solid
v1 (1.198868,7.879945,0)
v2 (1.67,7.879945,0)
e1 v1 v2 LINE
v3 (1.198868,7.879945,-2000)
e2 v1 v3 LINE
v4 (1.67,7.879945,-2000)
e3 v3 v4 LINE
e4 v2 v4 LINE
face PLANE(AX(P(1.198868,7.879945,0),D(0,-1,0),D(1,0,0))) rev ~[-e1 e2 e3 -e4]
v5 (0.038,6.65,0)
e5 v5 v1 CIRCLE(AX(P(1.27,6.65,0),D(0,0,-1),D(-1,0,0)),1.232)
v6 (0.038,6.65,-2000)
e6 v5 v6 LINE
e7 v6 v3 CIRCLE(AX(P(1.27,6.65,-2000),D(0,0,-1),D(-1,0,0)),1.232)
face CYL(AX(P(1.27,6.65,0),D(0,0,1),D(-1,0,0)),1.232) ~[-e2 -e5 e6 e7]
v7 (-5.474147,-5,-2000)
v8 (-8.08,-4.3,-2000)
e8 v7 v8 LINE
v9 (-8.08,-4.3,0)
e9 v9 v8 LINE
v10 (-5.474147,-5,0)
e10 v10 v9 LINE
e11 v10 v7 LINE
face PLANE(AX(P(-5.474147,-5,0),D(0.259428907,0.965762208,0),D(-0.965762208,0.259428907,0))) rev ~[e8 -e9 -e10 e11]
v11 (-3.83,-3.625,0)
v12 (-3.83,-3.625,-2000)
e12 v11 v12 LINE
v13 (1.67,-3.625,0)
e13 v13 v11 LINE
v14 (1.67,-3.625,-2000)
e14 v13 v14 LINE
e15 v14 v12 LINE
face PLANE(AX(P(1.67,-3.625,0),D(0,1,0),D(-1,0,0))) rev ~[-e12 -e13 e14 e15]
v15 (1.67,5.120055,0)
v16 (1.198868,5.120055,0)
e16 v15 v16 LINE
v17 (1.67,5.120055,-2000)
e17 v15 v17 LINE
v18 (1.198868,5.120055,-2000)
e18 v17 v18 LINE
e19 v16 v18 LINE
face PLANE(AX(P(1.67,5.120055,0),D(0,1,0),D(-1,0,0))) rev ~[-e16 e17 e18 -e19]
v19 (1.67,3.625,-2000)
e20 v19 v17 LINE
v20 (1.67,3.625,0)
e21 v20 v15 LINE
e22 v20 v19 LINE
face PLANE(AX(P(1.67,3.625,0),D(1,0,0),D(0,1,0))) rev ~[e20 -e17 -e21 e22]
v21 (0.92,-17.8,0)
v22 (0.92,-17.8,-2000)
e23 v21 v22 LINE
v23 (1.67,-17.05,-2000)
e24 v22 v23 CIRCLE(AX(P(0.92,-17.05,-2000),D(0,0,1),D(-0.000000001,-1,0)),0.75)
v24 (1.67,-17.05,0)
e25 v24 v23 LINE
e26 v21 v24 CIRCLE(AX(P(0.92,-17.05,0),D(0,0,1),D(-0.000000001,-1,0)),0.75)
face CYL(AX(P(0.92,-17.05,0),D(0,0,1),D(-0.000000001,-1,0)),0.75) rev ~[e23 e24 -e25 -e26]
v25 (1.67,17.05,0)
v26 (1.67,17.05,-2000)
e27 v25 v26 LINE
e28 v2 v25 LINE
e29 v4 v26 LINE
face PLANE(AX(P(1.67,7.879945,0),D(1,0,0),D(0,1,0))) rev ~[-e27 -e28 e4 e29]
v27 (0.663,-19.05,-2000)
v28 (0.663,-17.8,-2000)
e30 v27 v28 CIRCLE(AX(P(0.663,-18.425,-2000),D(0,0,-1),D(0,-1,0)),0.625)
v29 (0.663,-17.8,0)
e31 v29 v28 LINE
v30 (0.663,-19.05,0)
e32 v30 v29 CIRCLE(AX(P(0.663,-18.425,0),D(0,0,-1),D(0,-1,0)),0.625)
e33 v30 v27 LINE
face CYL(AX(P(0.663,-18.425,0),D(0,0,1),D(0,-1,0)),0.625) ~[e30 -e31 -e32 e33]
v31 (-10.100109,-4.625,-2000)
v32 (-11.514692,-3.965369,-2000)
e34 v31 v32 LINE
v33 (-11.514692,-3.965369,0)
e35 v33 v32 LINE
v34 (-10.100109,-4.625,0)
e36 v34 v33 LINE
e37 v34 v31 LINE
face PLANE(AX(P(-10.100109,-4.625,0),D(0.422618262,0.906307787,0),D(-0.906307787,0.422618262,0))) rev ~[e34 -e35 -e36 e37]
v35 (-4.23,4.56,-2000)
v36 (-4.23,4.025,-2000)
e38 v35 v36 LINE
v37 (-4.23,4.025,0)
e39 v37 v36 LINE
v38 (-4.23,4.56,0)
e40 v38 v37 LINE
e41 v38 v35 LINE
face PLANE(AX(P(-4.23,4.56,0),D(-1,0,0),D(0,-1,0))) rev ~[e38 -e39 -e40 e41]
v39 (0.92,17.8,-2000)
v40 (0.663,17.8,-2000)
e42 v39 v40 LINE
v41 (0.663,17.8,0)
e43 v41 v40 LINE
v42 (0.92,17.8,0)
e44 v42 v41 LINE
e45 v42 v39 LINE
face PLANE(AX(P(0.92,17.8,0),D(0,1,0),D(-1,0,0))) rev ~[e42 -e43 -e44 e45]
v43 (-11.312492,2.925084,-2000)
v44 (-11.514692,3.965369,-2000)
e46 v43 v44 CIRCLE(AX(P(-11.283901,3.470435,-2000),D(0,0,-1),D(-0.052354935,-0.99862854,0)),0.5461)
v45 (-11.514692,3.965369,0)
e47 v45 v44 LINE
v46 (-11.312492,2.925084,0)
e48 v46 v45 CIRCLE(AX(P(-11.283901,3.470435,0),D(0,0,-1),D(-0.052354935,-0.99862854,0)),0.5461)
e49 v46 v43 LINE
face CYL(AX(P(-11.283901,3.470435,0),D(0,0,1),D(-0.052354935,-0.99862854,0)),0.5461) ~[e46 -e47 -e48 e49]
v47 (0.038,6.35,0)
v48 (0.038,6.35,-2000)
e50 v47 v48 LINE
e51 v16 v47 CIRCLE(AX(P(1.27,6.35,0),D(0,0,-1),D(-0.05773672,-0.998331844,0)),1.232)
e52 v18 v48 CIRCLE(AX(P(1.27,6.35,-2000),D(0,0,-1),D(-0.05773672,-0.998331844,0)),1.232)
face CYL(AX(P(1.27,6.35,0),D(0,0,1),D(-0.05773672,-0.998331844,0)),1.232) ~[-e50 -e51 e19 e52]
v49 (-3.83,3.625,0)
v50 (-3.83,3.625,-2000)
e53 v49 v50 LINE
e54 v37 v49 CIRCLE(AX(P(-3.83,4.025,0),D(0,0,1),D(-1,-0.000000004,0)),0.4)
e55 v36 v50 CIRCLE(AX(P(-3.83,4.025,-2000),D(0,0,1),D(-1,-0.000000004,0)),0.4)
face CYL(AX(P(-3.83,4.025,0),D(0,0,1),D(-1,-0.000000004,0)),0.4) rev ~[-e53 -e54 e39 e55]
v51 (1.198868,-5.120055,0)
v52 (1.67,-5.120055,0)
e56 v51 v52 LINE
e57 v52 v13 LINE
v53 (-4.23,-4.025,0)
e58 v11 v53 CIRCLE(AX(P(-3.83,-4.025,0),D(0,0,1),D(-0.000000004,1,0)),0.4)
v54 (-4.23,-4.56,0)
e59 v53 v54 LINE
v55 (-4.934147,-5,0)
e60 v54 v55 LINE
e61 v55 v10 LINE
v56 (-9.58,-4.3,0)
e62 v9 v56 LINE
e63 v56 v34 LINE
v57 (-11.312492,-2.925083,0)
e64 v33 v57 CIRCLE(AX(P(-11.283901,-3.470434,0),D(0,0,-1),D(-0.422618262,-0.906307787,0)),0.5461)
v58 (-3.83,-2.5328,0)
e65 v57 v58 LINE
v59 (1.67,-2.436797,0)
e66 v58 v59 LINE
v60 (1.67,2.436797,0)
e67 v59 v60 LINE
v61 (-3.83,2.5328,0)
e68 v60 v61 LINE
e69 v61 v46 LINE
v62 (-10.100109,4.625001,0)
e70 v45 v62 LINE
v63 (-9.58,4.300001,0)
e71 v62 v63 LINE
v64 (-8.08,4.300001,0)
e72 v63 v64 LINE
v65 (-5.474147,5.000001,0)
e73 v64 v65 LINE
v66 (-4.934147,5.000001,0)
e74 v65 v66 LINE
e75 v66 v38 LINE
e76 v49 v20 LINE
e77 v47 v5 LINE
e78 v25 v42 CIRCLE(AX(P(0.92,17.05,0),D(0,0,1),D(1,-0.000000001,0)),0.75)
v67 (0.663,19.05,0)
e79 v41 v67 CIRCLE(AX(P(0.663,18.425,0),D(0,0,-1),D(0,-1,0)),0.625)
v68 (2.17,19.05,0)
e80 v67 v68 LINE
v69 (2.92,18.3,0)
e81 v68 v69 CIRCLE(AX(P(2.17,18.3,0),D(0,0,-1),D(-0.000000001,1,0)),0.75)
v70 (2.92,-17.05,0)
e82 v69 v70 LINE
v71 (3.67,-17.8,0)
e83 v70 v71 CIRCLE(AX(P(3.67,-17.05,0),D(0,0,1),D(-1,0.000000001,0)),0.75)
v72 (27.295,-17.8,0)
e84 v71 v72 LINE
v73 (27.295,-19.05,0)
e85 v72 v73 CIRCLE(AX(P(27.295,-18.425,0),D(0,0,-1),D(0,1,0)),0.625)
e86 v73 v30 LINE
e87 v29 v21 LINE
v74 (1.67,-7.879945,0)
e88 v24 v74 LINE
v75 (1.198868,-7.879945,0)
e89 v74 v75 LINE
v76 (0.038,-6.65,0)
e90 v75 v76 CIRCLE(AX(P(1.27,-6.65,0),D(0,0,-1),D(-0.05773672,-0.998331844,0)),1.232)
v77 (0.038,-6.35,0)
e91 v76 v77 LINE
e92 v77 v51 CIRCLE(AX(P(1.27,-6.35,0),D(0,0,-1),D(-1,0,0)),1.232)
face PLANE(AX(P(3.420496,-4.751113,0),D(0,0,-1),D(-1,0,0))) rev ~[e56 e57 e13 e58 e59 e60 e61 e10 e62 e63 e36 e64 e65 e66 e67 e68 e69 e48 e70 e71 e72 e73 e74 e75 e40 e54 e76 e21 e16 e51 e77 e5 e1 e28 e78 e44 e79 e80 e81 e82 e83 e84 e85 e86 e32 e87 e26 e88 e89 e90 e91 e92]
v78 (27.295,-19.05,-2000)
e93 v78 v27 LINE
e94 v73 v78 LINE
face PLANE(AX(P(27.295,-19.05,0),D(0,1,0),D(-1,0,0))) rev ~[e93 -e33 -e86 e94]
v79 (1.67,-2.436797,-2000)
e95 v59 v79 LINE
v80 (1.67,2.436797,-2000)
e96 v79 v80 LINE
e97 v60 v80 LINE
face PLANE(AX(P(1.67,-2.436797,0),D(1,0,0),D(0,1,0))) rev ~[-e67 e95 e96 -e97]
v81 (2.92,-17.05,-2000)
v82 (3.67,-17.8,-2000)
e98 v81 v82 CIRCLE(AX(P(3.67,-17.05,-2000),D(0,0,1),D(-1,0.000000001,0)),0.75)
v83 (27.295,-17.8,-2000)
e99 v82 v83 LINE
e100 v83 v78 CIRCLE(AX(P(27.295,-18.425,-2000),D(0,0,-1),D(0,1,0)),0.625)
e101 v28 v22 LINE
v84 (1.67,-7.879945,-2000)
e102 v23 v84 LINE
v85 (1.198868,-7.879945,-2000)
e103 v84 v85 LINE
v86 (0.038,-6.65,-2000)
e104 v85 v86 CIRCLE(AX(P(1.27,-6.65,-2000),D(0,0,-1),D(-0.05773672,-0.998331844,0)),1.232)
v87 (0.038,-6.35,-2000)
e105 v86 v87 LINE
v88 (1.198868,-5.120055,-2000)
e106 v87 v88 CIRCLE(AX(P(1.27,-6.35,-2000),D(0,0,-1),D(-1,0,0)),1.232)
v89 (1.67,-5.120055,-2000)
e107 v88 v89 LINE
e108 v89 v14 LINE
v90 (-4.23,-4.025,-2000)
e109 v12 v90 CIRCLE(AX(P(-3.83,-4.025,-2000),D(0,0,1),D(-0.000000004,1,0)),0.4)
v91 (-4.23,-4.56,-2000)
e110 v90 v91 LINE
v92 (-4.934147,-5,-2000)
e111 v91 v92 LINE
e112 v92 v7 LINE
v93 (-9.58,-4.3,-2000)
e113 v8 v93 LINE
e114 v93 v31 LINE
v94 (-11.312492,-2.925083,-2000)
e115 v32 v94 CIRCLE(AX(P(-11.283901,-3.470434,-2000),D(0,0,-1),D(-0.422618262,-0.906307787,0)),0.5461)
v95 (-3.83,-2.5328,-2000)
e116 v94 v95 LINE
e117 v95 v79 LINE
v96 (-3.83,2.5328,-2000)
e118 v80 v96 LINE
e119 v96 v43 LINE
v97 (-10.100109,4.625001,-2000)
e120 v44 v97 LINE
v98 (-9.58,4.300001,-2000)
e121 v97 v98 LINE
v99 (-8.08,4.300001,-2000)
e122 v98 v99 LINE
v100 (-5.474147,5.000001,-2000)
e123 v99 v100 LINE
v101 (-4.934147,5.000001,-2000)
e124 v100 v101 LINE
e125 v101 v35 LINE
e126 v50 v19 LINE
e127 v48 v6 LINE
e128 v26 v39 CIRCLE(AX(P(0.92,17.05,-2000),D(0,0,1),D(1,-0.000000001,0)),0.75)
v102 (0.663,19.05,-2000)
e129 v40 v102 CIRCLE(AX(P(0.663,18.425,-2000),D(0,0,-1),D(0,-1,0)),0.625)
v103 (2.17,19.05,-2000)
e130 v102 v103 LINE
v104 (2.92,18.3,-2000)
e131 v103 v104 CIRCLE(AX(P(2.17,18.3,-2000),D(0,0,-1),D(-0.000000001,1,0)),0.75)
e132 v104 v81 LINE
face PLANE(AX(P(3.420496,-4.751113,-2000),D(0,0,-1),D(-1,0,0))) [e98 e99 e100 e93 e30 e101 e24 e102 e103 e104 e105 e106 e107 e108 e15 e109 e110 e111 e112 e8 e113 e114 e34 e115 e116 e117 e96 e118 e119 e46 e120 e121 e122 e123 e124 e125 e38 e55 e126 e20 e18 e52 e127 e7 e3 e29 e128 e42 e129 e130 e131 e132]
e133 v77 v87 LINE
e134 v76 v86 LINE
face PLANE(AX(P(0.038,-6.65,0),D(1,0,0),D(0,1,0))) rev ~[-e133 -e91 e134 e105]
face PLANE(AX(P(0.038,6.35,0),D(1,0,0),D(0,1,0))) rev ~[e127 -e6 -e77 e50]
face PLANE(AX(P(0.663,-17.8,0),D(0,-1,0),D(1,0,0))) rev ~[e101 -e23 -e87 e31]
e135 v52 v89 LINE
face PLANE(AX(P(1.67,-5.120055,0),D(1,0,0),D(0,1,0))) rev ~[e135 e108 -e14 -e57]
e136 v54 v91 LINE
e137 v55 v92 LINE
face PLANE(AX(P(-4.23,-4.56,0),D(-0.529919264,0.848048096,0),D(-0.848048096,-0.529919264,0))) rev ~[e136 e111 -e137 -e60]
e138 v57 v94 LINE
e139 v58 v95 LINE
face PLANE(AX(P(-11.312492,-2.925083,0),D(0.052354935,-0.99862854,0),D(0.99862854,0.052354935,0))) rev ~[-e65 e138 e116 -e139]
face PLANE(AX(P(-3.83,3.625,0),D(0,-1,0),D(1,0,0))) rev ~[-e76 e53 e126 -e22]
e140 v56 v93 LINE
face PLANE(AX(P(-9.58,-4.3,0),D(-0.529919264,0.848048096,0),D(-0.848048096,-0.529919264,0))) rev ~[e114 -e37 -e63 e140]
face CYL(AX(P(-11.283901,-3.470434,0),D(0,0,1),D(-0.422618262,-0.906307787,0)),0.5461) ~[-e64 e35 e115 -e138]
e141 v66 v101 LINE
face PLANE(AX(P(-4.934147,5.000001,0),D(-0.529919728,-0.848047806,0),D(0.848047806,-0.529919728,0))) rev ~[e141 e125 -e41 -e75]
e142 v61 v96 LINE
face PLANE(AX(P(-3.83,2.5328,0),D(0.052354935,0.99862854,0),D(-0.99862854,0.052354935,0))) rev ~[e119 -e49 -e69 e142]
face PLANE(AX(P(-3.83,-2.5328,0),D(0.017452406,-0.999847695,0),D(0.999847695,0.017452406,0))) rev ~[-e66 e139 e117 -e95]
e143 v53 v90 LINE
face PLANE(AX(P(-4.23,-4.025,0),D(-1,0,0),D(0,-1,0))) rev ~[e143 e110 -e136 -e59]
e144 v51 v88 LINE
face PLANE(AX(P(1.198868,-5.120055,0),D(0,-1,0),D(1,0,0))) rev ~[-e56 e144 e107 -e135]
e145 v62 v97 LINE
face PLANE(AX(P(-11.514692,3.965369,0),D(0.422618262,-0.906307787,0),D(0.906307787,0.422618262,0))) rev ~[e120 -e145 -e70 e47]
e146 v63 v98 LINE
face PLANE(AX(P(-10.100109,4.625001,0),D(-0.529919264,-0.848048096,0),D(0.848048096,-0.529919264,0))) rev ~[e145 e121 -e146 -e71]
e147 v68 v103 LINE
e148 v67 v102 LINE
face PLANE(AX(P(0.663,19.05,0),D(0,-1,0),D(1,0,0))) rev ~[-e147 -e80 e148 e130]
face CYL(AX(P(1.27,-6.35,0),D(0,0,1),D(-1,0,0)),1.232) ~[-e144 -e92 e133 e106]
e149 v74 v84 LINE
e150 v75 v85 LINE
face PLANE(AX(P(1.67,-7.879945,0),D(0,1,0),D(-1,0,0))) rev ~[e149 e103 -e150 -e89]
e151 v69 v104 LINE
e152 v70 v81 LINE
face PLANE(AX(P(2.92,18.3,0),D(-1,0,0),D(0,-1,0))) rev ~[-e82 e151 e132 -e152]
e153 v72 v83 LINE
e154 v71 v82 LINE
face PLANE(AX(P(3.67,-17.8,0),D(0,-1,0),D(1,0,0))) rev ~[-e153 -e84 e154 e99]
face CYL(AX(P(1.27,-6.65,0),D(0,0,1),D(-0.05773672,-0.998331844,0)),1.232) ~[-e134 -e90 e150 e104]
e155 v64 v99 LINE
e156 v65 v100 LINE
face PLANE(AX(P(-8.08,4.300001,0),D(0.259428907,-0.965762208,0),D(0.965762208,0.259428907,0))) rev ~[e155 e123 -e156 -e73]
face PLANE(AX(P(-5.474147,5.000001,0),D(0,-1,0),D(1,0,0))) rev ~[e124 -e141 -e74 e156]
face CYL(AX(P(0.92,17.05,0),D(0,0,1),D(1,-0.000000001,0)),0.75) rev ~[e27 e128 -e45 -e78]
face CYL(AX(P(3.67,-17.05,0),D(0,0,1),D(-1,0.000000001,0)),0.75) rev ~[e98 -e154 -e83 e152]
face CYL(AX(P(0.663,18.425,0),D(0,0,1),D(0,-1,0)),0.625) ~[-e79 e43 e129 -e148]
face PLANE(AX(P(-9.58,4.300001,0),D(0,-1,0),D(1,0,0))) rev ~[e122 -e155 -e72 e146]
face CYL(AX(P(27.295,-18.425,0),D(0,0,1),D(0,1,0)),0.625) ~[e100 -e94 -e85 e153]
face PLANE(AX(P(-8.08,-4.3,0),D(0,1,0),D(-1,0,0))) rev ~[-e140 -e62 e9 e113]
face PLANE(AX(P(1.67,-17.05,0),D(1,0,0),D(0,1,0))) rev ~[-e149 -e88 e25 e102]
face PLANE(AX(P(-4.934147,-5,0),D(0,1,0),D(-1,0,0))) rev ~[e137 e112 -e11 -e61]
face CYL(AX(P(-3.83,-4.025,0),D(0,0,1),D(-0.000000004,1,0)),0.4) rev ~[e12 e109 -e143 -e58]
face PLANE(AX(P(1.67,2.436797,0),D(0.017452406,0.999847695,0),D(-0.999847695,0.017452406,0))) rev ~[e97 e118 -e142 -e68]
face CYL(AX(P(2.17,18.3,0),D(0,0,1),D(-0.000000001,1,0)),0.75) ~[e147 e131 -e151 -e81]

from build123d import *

# Parameters (mm, degrees)
MAIN_EXTRUSION_DEPTH = 2000


with BuildPart() as part:
    # Sk Main Extrusion → Main Extrusion (new body)
    with BuildSketch(Plane.XY):
        with BuildLine():
            Line((-3.829999995, 2.532800268), (-11.312491547, 2.92508363))
            ThreePointArc((-11.312491547, 2.92508363), (-11.819968112, 3.366238977), (-11.514692349, 3.965369358))
            Line((-11.514692349, 3.965369358), (-10.100108722, 4.625000536))
            Line((-10.100108722, 4.625000536), (-9.58, 4.300000536))
            Line((-9.58, 4.300000536), (-8.08, 4.300000536))
            Line((-8.08, 4.300000536), (-5.474147193, 5.000000536))
            Line((-5.474147193, 5.000000536), (-4.934147193, 5.000000536))
            Line((-4.934147193, 5.000000536), (-4.23, 4.56))
            Line((-4.23, 4.56), (-4.23, 4.025000268))
            ThreePointArc((-4.23, 4.025000268), (-4.112842712, 3.742157556), (-3.83, 3.625000268))
            Line((-3.83, 3.625000268), (1.67, 3.625000268))
            Line((1.67, 3.625000268), (1.67, 5.120055436))
            Line((1.67, 5.120055436), (1.19886836, 5.120055436))
            ThreePointArc((1.19886836, 5.120055436), (0.3740485, 5.504367422), (0.038, 6.350000268))
            Line((0.038, 6.350000268), (0.038, 6.650000268))
            ThreePointArc((0.038, 6.650000268), (0.3740485, 7.495633114), (1.19886836, 7.8799451))
            Line((1.19886836, 7.8799451), (1.67, 7.8799451))
            Line((1.67, 7.8799451), (1.67, 17.050000268))
            ThreePointArc((1.67, 17.050000268), (1.450330086, 17.580330354), (0.92, 17.800000268))
            Line((0.92, 17.800000268), (0.663, 17.800000268))
            ThreePointArc((0.663, 17.800000268), (0.038, 18.425000268), (0.663, 19.050000268))
            Line((0.663, 19.050000268), (2.17, 19.050000268))
            ThreePointArc((2.17, 19.050000268), (2.700330086, 18.830330354), (2.92, 18.300000268))
            Line((2.92, 18.300000268), (2.92, -17.049999732))
            ThreePointArc((2.92, -17.049999732), (3.139669914, -17.580329818), (3.67, -17.799999732))
            Line((3.67, -17.799999732), (27.295, -17.799999732))
            ThreePointArc((27.295, -17.799999732), (27.92, -18.424999732), (27.295, -19.049999732))
            Line((27.295, -19.049999732), (0.663, -19.049999732))
            ThreePointArc((0.663, -19.049999732), (0.038, -18.424999732), (0.663, -17.799999732))
            Line((0.663, -17.799999732), (0.92, -17.799999732))
            ThreePointArc((0.92, -17.799999732), (1.450330086, -17.580329818), (1.67, -17.049999732))
            Line((1.67, -17.049999732), (1.67, -7.879944832))
            Line((1.67, -7.879944832), (1.19886836, -7.879944832))
            ThreePointArc((1.19886836, -7.879944832), (0.3740485, -7.495632846), (0.038, -6.65))
            Line((0.038, -6.65), (0.038, -6.35))
            ThreePointArc((0.038, -6.35), (0.3740485, -5.504367154), (1.19886836, -5.120055168))
            Line((1.19886836, -5.120055168), (1.67, -5.120055168))
            Line((1.67, -5.120055168), (1.67, -3.625))
            Line((1.67, -3.625), (-3.83, -3.625))
            ThreePointArc((-3.83, -3.625), (-4.112842712, -3.742157288), (-4.23, -4.025))
            Line((-4.23, -4.025), (-4.23, -4.56))
            Line((-4.23, -4.56), (-4.934147193, -5))
            Line((-4.934147193, -5), (-5.474147193, -5))
            Line((-5.474147193, -5), (-8.08, -4.3))
            Line((-8.08, -4.3), (-9.58, -4.3))
            Line((-9.58, -4.3), (-10.100108722, -4.625))
            Line((-10.100108722, -4.625), (-11.51469235, -3.965368821))
            ThreePointArc((-11.51469235, -3.965368821), (-11.819968112, -3.36623844), (-11.312491547, -2.925083093))
            Line((-11.312491547, -2.925083093), (-3.830000005, -2.532799732))
            Line((-3.830000005, -2.532799732), (1.67, -2.436796875))
            Line((1.67, -2.436796875), (1.67, 2.436797411))
            Line((1.67, 2.436797411), (-3.829999995, 2.532800268))
        make_face()
    extrude(amount=-MAIN_EXTRUSION_DEPTH)


solid = part.part
